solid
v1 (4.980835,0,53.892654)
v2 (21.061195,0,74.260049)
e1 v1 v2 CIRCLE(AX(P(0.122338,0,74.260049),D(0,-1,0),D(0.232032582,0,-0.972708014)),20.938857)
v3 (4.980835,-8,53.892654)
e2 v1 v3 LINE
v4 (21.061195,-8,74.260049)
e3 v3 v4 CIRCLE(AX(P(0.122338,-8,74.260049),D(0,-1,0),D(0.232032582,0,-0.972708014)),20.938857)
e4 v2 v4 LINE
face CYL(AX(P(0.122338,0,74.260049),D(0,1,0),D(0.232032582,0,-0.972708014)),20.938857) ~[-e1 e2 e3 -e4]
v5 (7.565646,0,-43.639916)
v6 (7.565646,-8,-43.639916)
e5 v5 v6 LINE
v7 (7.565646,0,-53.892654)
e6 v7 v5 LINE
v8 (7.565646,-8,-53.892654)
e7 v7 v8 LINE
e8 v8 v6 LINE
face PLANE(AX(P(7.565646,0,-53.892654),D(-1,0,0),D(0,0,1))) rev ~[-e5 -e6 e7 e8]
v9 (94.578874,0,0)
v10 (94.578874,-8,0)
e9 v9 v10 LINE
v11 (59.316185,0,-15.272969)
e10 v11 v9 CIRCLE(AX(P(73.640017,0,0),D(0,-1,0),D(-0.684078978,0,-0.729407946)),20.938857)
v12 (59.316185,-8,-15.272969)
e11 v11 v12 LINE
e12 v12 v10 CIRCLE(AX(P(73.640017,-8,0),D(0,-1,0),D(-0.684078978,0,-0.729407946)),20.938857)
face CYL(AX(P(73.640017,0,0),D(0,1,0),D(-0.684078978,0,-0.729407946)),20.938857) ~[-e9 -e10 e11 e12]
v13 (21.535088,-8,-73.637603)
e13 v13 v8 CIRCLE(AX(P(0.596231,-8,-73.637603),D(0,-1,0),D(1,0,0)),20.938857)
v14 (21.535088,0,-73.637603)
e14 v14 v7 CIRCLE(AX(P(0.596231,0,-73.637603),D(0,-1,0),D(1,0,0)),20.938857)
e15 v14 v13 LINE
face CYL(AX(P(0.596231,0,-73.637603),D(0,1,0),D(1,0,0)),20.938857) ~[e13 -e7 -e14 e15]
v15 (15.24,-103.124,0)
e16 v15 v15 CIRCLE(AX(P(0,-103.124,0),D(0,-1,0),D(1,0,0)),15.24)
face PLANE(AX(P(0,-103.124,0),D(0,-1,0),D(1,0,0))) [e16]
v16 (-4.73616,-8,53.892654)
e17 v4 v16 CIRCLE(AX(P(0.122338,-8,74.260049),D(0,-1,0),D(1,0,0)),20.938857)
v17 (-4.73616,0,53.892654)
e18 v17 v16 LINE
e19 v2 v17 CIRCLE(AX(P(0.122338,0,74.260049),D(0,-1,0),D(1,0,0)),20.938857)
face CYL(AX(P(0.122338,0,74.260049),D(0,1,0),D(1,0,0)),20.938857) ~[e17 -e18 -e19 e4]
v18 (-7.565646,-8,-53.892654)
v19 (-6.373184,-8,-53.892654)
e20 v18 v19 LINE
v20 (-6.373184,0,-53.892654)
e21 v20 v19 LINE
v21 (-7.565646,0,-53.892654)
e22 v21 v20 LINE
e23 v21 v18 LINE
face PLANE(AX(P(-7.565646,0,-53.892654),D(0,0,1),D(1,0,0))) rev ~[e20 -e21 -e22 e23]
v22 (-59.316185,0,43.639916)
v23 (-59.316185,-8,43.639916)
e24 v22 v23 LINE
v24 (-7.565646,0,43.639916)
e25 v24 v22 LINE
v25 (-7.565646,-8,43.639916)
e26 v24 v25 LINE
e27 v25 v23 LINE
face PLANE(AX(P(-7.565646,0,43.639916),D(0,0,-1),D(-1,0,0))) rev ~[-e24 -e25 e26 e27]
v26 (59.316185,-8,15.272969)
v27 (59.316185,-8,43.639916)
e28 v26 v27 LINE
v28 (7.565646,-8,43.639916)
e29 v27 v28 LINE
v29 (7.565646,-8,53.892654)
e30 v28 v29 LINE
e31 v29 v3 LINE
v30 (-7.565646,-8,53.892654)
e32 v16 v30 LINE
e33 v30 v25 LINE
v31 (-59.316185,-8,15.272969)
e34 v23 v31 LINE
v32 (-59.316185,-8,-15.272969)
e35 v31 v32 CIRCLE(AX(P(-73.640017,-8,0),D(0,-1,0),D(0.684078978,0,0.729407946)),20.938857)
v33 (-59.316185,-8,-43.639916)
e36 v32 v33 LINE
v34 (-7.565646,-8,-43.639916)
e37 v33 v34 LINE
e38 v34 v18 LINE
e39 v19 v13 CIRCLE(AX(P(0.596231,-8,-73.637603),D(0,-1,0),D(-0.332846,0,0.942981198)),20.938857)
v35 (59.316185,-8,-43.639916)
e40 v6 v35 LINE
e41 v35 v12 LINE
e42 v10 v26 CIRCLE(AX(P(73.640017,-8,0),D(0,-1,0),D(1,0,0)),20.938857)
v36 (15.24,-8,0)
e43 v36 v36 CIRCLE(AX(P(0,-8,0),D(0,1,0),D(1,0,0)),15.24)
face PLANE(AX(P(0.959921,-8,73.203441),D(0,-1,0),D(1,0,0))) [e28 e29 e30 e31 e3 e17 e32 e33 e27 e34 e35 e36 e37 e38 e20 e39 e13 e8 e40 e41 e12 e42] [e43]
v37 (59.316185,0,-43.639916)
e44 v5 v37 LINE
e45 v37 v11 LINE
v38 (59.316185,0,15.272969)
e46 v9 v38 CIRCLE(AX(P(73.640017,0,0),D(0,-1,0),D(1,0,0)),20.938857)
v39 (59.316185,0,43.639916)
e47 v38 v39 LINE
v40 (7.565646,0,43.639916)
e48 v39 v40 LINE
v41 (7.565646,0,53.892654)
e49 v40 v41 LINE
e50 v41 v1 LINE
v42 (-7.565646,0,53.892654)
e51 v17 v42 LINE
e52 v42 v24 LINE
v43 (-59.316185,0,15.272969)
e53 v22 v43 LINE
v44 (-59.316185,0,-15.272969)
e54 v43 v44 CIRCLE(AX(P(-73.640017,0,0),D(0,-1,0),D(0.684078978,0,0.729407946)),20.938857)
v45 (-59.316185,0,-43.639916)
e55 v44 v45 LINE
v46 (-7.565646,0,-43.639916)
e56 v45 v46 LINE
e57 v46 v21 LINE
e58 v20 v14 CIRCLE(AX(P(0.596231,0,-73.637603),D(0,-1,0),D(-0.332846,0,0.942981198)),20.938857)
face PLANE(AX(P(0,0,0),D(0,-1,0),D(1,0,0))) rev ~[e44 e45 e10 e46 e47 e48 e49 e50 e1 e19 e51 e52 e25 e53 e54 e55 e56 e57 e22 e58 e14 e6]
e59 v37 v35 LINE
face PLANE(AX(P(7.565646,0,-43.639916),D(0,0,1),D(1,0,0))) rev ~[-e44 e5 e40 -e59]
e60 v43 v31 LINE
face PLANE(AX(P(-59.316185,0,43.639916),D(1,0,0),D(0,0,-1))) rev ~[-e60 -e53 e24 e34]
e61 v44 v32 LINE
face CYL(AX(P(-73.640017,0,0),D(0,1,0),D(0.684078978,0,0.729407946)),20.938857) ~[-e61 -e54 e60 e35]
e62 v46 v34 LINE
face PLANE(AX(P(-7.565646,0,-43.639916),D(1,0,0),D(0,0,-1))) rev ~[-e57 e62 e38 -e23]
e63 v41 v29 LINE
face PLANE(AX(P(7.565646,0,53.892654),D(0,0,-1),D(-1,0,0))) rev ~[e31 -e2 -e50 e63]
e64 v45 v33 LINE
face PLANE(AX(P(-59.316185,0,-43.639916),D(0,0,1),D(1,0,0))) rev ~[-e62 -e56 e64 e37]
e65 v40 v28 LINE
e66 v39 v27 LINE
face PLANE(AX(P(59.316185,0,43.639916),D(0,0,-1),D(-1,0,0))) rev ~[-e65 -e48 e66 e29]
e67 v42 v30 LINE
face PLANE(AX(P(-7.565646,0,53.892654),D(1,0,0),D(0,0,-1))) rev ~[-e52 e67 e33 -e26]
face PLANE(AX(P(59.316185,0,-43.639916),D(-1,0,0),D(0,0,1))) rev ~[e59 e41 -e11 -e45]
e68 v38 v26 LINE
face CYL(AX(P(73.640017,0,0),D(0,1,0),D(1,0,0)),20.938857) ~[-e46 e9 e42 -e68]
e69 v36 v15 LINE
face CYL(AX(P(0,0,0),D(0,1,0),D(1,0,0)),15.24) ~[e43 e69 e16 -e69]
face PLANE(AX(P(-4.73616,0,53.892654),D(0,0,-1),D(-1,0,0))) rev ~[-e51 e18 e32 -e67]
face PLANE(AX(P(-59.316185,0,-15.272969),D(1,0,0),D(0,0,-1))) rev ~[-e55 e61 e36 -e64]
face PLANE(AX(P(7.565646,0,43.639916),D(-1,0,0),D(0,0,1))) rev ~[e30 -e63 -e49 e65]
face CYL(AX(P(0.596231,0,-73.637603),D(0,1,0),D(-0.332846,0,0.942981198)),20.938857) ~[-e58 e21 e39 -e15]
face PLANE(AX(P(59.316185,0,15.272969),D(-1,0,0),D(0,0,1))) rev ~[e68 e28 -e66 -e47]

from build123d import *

# Parameters (mm, degrees)
F0_W     = 15.1312917631
F0_H     = 87.2798327157
F1_DEPTH = 8
F2_R     = 15.24
F3_DEPTH = 103.124


with BuildPart() as f1:
    # F0 (on Front) → F1 (new body)
    with BuildSketch(Plane.XZ):
        with BuildLine():
            ThreePointArc((21.0611948149, 74.2600485682), (-12.8527224236, 90.6942677373), (-4.7361595261, 53.8926543366))
            Line((-4.7361595261, 53.8926543366), (4.9808347011, 53.8926543366))
            ThreePointArc((4.9808347011, 53.8926543366), (16.5565567565, 61.2849885571), (21.0611948149, 74.2600485682))
        make_face()
        with BuildLine():
            ThreePointArc((-59.3161847164, 15.2729688488), (-54.4259539951, 8.3219909815), (-52.7011595368, 0))
            ThreePointArc((-52.7011595368, 0), (-54.4259539951, -8.3219909815), (-59.3161847164, -15.2729688488))
            Line((-59.3161847164, -15.2729688488), (-59.3161847164, -43.6399163578))
            Line((-59.3161847164, -43.6399163578), (-7.5656458816, -43.6399163578))
            Line((-7.5656458816, -43.6399163578), (-7.5656458816, 43.6399163578))
            Line((-7.5656458816, 43.6399163578), (-59.3161847164, 43.6399163578))
            Line((-59.3161847164, 43.6399163578), (-59.3161847164, 15.2729688488))
        make_face()
        Rectangle(F0_W, F0_H)
        with BuildLine():
            Line((59.3161847164, 43.6399163578), (7.5656458816, 43.6399163578))
            Line((7.5656458816, 43.6399163578), (7.5656458816, -43.6399163578))
            Line((7.5656458816, -43.6399163578), (59.3161847164, -43.6399163578))
            Line((59.3161847164, -43.6399163578), (59.3161847164, -15.2729688488))
            ThreePointArc((59.3161847164, -15.2729688488), (52.7011595368, 0), (59.3161847164, 15.2729688488))
            Line((59.3161847164, 15.2729688488), (59.3161847164, 43.6399163578))
        make_face()
        with BuildLine():
            Line((-7.5656458816, 53.8926543366), (-7.5656458816, 43.6399163578))
            Line((-7.5656458816, 43.6399163578), (7.5656458816, 43.6399163578))
            Line((7.5656458816, 43.6399163578), (7.5656458816, 53.8926543366))
            Line((7.5656458816, 53.8926543366), (4.9808347011, 53.8926543366))
            ThreePointArc((4.9808347011, 53.8926543366), (0.1223375875, 53.3211913409), (-4.7361595261, 53.8926543366))
            Line((-4.7361595261, 53.8926543366), (-7.5656458816, 53.8926543366))
        make_face()
        with BuildLine():
            Line((59.3161847164, -15.2729688488), (59.3161847164, 15.2729688488))
            ThreePointArc((59.3161847164, 15.2729688488), (52.7011595368, 0), (59.3161847164, -15.2729688488))
        make_face()
        with BuildLine():
            Line((-59.3161847164, -15.2729688488), (-59.3161847164, 15.2729688488))
            ThreePointArc((-59.3161847164, 15.2729688488), (-94.5788739916, 0), (-59.3161847164, -15.2729688488))
        make_face()
        with BuildLine():
            ThreePointArc((-59.3161847164, -15.2729688488), (-54.4259539951, -8.3219909815), (-52.7011595368, 0))
            ThreePointArc((-52.7011595368, 0), (-54.4259539951, 8.3219909815), (-59.3161847164, 15.2729688488))
            Line((-59.3161847164, 15.2729688488), (-59.3161847164, -15.2729688488))
        make_face()
        with BuildLine():
            ThreePointArc((7.5656458816, -53.8926543366), (0.5962310047, -52.6987457864), (-6.3731838721, -53.8926543366))
            Line((-6.3731838721, -53.8926543366), (7.5656458816, -53.8926543366))
        make_face()
        with BuildLine():
            Line((7.5656458816, -43.6399163578), (-7.5656458816, -43.6399163578))
            Line((-7.5656458816, -43.6399163578), (-7.5656458816, -53.8926543366))
            Line((-7.5656458816, -53.8926543366), (-6.3731838721, -53.8926543366))
            ThreePointArc((-6.3731838721, -53.8926543366), (0.5962310047, -52.6987457864), (7.5656458816, -53.8926543366))
            Line((7.5656458816, -53.8926543366), (7.5656458816, -43.6399163578))
        make_face()
        with BuildLine():
            ThreePointArc((94.5788739916, 0), (81.9620077456, 19.214062769), (59.3161847164, 15.2729688488))
            Line((59.3161847164, 15.2729688488), (59.3161847164, -15.2729688488))
            ThreePointArc((59.3161847164, -15.2729688488), (81.9620077456, -19.214062769), (94.5788739916, 0))
        make_face()
        with BuildLine():
            Line((7.5656458816, -53.8926543366), (-6.3731838721, -53.8926543366))
            ThreePointArc((-6.3731838721, -53.8926543366), (-11.4972415926, -90.7309836779), (21.5350882321, -73.6376030138))
            ThreePointArc((21.5350882321, -73.6376030138), (17.6896116688, -61.5441304165), (7.5656458816, -53.8926543366))
        make_face()
        with BuildLine():
            Line((4.9808347011, 53.8926543366), (-4.7361595261, 53.8926543366))
            ThreePointArc((-4.7361595261, 53.8926543366), (0.1223375875, 53.3211913409), (4.9808347011, 53.8926543366))
        make_face()
    extrude(amount=F1_DEPTH)

    # F2 (on Front) → F3 (join)
    with BuildSketch(Plane.XZ):
        Circle(F2_R)
    extrude(amount=F3_DEPTH)


solid = f1.part
